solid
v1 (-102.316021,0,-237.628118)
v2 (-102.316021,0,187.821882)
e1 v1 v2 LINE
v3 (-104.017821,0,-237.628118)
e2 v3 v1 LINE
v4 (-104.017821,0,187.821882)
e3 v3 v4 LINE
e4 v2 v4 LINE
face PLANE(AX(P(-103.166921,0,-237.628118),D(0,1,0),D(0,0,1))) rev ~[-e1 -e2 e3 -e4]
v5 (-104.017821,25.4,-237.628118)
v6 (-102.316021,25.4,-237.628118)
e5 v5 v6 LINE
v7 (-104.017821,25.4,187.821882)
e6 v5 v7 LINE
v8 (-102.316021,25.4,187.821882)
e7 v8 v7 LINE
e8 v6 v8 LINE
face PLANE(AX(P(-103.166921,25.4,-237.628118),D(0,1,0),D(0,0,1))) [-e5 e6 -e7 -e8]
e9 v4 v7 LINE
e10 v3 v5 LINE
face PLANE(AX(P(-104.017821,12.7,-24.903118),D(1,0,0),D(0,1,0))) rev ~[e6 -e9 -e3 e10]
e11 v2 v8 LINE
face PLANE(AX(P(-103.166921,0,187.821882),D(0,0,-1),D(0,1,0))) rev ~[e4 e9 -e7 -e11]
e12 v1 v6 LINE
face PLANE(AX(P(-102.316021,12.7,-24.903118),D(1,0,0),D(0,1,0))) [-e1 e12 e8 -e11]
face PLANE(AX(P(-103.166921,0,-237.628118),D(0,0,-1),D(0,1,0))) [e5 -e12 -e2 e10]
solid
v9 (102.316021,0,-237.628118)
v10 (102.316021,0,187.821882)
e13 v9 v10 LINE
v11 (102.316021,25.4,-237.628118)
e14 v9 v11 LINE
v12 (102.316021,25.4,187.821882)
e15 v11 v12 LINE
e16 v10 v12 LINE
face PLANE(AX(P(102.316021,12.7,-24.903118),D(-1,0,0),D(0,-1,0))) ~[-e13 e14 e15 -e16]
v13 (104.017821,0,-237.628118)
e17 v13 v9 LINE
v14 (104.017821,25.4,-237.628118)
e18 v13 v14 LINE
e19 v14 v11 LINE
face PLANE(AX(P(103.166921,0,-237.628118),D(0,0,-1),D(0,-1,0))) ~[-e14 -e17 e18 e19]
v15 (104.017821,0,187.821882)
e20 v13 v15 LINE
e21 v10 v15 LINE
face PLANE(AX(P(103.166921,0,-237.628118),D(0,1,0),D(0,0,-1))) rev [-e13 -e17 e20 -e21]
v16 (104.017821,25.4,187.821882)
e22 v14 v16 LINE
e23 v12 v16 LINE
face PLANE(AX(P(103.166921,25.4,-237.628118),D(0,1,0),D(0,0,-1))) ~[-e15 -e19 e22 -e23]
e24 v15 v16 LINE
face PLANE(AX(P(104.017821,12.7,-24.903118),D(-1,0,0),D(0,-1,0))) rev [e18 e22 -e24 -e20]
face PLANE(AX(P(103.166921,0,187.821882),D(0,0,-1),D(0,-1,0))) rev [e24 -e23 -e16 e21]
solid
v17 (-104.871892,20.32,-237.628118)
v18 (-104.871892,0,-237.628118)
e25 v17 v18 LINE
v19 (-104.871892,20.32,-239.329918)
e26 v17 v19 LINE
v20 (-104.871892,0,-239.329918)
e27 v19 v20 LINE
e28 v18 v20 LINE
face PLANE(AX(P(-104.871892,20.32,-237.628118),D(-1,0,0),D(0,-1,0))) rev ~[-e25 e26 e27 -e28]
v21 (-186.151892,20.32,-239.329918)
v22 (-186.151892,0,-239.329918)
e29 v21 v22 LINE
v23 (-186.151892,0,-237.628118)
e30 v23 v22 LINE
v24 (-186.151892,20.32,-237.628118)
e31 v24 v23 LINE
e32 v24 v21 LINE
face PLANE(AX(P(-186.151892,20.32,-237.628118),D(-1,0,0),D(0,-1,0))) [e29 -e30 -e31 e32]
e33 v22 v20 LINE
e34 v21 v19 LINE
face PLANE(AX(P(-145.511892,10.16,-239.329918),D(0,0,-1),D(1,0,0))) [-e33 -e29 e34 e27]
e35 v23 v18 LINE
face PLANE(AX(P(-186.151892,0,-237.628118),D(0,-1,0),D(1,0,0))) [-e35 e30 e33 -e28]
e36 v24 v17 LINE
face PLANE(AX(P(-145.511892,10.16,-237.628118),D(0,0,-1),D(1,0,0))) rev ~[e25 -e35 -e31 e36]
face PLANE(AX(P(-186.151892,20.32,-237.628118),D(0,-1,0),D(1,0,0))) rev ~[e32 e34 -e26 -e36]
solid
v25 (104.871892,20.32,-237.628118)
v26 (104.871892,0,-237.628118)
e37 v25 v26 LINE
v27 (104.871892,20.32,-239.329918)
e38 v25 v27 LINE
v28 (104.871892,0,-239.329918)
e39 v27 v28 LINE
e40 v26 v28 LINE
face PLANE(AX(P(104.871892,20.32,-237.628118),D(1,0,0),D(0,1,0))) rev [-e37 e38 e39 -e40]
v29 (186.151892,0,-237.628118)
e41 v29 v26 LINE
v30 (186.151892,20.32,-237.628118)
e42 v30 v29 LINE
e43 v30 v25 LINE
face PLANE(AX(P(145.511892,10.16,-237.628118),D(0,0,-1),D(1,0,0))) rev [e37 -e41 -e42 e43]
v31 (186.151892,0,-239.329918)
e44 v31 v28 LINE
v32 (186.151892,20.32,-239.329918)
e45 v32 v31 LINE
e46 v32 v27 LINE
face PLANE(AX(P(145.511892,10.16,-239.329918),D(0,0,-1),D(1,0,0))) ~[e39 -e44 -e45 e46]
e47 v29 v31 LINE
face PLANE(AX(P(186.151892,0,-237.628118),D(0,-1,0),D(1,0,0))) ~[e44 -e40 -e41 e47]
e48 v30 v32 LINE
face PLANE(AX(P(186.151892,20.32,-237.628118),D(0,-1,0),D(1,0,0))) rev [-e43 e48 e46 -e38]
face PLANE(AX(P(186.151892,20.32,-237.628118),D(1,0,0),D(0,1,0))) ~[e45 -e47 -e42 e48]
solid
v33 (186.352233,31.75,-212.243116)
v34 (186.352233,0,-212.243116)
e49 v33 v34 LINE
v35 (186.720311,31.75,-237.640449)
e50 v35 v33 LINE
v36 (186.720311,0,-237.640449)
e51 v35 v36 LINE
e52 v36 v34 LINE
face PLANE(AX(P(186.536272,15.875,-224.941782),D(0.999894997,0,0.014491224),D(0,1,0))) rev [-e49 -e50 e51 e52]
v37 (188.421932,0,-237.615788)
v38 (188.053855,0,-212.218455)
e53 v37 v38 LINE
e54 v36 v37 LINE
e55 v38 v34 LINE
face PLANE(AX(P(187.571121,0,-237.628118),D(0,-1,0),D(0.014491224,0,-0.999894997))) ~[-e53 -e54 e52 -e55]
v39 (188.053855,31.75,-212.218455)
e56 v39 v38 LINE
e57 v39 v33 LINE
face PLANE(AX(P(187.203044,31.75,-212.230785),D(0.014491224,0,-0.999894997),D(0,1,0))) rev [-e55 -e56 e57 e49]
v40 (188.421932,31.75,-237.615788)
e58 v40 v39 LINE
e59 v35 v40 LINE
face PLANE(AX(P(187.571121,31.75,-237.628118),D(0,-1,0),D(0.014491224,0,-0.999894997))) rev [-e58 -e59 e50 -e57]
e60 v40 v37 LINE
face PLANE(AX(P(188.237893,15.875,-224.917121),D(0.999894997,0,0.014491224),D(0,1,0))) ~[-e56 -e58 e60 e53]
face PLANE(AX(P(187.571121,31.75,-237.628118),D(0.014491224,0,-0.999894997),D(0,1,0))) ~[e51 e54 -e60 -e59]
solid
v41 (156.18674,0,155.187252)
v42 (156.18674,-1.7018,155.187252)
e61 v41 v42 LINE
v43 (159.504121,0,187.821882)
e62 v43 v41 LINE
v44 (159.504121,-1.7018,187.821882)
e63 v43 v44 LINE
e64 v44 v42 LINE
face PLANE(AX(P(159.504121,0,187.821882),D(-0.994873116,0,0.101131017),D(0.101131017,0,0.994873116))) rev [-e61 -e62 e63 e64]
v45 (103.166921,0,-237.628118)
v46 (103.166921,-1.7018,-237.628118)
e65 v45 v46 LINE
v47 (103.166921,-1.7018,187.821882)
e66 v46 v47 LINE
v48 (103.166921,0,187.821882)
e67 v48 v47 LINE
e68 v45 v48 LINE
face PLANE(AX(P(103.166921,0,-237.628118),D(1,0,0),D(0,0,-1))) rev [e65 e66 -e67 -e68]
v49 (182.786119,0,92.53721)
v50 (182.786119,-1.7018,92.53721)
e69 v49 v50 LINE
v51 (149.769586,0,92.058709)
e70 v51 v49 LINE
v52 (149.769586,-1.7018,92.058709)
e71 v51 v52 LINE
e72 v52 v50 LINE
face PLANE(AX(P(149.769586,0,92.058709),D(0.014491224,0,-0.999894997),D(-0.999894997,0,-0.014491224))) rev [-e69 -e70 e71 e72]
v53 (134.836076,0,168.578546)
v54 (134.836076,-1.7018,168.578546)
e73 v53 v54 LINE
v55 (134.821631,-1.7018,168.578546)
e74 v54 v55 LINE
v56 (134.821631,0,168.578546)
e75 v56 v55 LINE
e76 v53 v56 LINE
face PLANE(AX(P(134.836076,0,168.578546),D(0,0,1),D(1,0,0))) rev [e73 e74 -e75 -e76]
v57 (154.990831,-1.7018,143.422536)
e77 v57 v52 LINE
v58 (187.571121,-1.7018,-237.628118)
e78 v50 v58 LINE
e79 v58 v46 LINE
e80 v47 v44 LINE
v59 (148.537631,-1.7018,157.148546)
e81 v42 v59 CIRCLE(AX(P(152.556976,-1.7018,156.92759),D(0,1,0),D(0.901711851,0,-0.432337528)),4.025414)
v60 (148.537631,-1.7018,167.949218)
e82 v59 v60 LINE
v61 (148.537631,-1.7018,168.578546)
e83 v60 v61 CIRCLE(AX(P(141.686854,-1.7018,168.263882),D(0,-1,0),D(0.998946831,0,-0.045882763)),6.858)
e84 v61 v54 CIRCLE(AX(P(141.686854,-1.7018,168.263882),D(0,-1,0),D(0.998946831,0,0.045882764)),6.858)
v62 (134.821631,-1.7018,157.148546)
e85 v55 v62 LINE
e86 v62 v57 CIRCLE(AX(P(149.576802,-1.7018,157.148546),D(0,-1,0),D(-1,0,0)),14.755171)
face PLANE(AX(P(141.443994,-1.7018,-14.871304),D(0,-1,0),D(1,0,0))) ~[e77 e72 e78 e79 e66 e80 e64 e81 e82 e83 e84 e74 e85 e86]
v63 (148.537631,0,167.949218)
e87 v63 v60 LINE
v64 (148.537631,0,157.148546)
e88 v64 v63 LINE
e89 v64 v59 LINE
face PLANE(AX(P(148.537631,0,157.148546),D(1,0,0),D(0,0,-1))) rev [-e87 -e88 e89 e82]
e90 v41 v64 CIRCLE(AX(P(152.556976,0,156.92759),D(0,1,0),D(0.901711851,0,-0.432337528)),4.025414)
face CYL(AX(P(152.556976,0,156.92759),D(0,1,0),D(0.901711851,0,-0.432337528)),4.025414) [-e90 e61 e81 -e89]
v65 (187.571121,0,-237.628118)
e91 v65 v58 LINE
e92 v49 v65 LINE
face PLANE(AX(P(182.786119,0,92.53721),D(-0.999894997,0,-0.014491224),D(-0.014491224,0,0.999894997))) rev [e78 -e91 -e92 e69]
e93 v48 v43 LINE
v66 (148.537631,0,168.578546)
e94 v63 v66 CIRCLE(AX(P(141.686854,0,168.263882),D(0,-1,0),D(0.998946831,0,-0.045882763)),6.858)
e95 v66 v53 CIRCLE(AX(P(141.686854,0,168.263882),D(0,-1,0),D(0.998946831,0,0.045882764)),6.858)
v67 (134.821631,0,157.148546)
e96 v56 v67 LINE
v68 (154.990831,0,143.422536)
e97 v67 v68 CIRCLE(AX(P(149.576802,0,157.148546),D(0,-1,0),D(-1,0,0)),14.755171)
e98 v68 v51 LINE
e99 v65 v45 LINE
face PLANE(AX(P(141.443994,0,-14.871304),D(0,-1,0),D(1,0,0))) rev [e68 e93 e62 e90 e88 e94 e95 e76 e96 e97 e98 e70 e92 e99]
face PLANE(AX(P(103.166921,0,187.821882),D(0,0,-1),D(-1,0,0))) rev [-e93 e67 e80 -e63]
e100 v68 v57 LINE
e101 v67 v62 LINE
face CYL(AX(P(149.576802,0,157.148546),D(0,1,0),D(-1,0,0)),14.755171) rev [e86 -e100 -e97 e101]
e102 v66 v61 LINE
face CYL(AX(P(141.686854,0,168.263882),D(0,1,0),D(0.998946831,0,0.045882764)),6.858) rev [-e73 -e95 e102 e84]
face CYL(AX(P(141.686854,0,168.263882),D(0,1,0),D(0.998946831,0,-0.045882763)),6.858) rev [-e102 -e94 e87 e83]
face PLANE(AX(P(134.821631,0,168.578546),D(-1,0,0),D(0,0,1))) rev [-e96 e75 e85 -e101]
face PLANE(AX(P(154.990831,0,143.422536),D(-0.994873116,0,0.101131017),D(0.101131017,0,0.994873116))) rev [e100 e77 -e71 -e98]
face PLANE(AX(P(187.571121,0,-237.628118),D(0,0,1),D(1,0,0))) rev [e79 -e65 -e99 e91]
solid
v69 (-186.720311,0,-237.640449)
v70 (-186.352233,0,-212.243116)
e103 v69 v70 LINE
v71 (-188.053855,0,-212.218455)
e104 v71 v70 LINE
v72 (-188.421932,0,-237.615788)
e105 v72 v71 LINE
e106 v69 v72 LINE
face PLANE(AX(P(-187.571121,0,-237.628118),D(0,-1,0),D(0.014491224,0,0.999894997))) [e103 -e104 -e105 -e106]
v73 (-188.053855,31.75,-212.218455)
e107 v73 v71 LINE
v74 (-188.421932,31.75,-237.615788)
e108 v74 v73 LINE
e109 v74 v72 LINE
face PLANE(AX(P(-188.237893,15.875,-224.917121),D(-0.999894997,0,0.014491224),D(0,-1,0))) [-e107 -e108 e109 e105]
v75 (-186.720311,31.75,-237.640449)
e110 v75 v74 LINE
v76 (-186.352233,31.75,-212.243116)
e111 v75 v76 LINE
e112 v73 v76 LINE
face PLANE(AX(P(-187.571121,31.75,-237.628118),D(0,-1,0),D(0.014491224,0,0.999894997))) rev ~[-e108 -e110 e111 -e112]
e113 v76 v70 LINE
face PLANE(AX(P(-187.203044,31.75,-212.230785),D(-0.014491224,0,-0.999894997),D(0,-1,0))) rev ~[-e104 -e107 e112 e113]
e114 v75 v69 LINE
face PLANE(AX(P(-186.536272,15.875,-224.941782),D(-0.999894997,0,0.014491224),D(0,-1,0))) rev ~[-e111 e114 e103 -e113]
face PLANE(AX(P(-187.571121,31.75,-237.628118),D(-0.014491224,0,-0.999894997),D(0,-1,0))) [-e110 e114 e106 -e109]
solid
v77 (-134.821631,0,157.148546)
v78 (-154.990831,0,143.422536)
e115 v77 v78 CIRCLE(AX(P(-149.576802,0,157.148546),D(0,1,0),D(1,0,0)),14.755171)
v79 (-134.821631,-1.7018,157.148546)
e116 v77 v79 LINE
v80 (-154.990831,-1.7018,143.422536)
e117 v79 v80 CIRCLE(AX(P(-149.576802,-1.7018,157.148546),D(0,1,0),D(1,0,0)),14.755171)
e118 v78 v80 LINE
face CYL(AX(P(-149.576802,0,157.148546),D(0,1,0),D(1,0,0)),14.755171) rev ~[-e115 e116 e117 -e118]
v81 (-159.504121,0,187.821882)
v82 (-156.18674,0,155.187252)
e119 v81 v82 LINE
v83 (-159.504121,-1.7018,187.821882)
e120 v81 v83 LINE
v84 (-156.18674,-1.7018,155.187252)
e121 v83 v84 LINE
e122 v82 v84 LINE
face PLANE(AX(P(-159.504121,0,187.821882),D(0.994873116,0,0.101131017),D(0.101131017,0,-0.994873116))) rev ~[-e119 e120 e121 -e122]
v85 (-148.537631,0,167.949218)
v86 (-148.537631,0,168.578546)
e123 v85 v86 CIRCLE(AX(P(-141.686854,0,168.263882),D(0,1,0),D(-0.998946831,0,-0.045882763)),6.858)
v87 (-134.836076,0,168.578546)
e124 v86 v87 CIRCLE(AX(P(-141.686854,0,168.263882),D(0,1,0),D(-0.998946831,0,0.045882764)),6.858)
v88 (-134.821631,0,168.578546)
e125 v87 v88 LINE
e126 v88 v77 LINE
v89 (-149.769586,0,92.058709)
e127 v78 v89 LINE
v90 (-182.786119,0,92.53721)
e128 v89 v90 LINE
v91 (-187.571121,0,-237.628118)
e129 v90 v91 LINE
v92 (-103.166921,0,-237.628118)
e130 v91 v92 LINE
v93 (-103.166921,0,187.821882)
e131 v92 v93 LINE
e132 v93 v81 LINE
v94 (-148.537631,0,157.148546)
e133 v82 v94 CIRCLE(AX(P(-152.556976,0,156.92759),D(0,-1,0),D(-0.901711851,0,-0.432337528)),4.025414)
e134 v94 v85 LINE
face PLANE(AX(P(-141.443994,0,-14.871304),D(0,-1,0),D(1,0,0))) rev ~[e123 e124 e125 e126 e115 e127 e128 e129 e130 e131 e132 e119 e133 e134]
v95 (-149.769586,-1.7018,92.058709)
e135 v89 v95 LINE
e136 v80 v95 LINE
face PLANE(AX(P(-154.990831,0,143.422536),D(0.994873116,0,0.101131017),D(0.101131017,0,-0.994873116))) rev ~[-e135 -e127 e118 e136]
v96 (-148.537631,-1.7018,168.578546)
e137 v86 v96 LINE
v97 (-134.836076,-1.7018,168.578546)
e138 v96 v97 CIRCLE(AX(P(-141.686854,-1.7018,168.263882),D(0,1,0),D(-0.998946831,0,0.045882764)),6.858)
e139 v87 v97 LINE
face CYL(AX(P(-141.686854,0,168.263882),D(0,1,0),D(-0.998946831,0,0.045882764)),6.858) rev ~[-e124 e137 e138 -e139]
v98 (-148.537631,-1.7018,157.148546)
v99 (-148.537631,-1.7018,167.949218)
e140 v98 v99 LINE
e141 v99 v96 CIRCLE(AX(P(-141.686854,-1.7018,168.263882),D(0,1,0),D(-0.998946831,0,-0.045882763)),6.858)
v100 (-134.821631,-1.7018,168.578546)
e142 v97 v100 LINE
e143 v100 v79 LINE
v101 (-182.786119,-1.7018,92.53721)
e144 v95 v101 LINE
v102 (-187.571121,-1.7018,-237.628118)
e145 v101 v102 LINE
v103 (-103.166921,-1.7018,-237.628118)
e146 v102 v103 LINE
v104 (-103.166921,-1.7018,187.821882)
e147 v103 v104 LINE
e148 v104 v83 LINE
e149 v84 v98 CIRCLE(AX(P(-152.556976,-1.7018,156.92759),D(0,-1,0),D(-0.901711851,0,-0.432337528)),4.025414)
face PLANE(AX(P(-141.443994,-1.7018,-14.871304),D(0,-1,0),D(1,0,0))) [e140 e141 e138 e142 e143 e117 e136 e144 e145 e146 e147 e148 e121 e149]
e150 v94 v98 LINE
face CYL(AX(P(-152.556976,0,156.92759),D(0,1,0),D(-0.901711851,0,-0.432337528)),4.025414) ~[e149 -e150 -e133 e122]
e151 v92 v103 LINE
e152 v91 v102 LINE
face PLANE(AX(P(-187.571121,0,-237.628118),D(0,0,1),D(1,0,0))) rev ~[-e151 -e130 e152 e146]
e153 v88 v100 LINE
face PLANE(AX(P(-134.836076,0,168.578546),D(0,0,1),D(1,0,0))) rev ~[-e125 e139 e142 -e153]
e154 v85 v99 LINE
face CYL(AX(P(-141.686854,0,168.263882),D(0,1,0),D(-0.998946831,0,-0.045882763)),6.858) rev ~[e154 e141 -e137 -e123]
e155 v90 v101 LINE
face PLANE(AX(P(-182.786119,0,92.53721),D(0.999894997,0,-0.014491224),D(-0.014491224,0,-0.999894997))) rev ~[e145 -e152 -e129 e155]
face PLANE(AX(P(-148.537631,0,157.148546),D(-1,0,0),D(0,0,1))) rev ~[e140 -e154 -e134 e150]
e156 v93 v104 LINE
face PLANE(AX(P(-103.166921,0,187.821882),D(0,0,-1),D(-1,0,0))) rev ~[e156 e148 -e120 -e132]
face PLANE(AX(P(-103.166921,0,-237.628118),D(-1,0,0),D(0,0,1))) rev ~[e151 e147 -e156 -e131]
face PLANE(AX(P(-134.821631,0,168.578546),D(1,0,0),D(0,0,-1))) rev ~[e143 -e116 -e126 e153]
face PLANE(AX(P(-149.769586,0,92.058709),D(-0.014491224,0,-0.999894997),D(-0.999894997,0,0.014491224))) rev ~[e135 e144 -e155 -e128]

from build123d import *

# Parameters (mm, degrees)
F1_DEPTH = 1.7018
F2_W     = 25.4
F2_H     = 425.45
F3_DEPTH = 0.8509
F4_W     = 31.75
F4_H     = 25.4
F5_DEPTH = 0.8509
F6_W     = 81.28
F6_H     = 20.32
F7_DEPTH = 1.7018


with BuildPart() as f1:
    # F0 (on Front) → F1 (new body)
    with BuildSketch(Plane.XZ):
        with BuildLine():
            Line((-103.1669212267, 187.8218817012), (-159.5041212267, 187.8218817012))
            Line((-159.5041212267, 187.8218817012), (-156.1867401145, 155.187252012))
            ThreePointArc((-156.1867401145, 155.187252012), (-151.5571706541, 153.0283143942), (-148.5376311099, 157.1485456944))
            Line((-148.5376311099, 157.1485456944), (-148.5376311099, 167.949217708))
            ThreePointArc((-148.5376311099, 167.949217708), (-148.54485374, 168.2638817012), (-148.5376311099, 168.5785456944))
            ThreePointArc((-148.5376311099, 168.5785456944), (-141.68685374, 175.1218817012), (-134.8360763702, 168.5785456944))
            Line((-134.8360763702, 168.5785456944), (-134.8216311099, 168.5785456944))
            Line((-134.8216311099, 168.5785456944), (-134.8216311099, 157.1485456944))
            ThreePointArc((-134.8216311099, 157.1485456944), (-141.2752918314, 144.9501853795), (-154.9908311102, 143.4225357558))
            Line((-154.9908311102, 143.4225357558), (-149.7695864082, 92.058709411))
            Line((-149.7695864082, 92.058709411), (-182.7861191995, 92.5372096138))
            Line((-182.7861191995, 92.5372096138), (-187.5711212267, -237.6281182988))
            Line((-187.5711212267, -237.6281182988), (-103.1669212267, -237.6281182988))
            Line((-103.1669212267, -237.6281182988), (-103.1669212267, 187.8218817012))
        make_face()
    extrude(amount=F1_DEPTH)


with BuildPart() as f3:
    # F2 (on face) → F3 (new body, symmetric)
    with BuildSketch(Plane.YZ.offset(-103.1669212267)):
        with Locations((12.7, -24.9031182988)):
            Rectangle(F2_W, F2_H)
    extrude(amount=F3_DEPTH, both=True)


with BuildPart() as f5:
    # F4 (on face) → F5 (new body, symmetric)
    with BuildSketch(Plane(origin=(-184.0885715131, 0, 2.6679487923), x_dir=(0, -1, 0), z_dir=(-0.9998949967, 0, 0.0144912236))):
        with Locations((-15.875, -227.6213016192)):
            Rectangle(F4_W, F4_H)
    extrude(amount=F5_DEPTH, both=True)


with BuildPart() as f7:
    # F6 (on face) → F7 (new body)
    with BuildSketch(Plane(origin=(0, 0, -237.6281182988), x_dir=(1, 0, 0), z_dir=(0, 0, -1))):
        with Locations((-145.5118919468, -10.16)):
            Rectangle(F6_W, F6_H)
    extrude(amount=F7_DEPTH)


with BuildPart() as f8_1:
    # F8: instance of F1
    add(f1.part.mirror(Plane.YZ))


with BuildPart() as f8_2:
    # F8: instance of F3
    add(f3.part.mirror(Plane.YZ))


with BuildPart() as f8_3:
    # F8: instance of F5
    add(f5.part.mirror(Plane.YZ))


with BuildPart() as f8_4:
    # F8: instance of F7
    add(f7.part.mirror(Plane.YZ))


solid = Compound([f1.part, f3.part, f5.part, f7.part, f8_1.part, f8_2.part, f8_3.part, f8_4.part])
